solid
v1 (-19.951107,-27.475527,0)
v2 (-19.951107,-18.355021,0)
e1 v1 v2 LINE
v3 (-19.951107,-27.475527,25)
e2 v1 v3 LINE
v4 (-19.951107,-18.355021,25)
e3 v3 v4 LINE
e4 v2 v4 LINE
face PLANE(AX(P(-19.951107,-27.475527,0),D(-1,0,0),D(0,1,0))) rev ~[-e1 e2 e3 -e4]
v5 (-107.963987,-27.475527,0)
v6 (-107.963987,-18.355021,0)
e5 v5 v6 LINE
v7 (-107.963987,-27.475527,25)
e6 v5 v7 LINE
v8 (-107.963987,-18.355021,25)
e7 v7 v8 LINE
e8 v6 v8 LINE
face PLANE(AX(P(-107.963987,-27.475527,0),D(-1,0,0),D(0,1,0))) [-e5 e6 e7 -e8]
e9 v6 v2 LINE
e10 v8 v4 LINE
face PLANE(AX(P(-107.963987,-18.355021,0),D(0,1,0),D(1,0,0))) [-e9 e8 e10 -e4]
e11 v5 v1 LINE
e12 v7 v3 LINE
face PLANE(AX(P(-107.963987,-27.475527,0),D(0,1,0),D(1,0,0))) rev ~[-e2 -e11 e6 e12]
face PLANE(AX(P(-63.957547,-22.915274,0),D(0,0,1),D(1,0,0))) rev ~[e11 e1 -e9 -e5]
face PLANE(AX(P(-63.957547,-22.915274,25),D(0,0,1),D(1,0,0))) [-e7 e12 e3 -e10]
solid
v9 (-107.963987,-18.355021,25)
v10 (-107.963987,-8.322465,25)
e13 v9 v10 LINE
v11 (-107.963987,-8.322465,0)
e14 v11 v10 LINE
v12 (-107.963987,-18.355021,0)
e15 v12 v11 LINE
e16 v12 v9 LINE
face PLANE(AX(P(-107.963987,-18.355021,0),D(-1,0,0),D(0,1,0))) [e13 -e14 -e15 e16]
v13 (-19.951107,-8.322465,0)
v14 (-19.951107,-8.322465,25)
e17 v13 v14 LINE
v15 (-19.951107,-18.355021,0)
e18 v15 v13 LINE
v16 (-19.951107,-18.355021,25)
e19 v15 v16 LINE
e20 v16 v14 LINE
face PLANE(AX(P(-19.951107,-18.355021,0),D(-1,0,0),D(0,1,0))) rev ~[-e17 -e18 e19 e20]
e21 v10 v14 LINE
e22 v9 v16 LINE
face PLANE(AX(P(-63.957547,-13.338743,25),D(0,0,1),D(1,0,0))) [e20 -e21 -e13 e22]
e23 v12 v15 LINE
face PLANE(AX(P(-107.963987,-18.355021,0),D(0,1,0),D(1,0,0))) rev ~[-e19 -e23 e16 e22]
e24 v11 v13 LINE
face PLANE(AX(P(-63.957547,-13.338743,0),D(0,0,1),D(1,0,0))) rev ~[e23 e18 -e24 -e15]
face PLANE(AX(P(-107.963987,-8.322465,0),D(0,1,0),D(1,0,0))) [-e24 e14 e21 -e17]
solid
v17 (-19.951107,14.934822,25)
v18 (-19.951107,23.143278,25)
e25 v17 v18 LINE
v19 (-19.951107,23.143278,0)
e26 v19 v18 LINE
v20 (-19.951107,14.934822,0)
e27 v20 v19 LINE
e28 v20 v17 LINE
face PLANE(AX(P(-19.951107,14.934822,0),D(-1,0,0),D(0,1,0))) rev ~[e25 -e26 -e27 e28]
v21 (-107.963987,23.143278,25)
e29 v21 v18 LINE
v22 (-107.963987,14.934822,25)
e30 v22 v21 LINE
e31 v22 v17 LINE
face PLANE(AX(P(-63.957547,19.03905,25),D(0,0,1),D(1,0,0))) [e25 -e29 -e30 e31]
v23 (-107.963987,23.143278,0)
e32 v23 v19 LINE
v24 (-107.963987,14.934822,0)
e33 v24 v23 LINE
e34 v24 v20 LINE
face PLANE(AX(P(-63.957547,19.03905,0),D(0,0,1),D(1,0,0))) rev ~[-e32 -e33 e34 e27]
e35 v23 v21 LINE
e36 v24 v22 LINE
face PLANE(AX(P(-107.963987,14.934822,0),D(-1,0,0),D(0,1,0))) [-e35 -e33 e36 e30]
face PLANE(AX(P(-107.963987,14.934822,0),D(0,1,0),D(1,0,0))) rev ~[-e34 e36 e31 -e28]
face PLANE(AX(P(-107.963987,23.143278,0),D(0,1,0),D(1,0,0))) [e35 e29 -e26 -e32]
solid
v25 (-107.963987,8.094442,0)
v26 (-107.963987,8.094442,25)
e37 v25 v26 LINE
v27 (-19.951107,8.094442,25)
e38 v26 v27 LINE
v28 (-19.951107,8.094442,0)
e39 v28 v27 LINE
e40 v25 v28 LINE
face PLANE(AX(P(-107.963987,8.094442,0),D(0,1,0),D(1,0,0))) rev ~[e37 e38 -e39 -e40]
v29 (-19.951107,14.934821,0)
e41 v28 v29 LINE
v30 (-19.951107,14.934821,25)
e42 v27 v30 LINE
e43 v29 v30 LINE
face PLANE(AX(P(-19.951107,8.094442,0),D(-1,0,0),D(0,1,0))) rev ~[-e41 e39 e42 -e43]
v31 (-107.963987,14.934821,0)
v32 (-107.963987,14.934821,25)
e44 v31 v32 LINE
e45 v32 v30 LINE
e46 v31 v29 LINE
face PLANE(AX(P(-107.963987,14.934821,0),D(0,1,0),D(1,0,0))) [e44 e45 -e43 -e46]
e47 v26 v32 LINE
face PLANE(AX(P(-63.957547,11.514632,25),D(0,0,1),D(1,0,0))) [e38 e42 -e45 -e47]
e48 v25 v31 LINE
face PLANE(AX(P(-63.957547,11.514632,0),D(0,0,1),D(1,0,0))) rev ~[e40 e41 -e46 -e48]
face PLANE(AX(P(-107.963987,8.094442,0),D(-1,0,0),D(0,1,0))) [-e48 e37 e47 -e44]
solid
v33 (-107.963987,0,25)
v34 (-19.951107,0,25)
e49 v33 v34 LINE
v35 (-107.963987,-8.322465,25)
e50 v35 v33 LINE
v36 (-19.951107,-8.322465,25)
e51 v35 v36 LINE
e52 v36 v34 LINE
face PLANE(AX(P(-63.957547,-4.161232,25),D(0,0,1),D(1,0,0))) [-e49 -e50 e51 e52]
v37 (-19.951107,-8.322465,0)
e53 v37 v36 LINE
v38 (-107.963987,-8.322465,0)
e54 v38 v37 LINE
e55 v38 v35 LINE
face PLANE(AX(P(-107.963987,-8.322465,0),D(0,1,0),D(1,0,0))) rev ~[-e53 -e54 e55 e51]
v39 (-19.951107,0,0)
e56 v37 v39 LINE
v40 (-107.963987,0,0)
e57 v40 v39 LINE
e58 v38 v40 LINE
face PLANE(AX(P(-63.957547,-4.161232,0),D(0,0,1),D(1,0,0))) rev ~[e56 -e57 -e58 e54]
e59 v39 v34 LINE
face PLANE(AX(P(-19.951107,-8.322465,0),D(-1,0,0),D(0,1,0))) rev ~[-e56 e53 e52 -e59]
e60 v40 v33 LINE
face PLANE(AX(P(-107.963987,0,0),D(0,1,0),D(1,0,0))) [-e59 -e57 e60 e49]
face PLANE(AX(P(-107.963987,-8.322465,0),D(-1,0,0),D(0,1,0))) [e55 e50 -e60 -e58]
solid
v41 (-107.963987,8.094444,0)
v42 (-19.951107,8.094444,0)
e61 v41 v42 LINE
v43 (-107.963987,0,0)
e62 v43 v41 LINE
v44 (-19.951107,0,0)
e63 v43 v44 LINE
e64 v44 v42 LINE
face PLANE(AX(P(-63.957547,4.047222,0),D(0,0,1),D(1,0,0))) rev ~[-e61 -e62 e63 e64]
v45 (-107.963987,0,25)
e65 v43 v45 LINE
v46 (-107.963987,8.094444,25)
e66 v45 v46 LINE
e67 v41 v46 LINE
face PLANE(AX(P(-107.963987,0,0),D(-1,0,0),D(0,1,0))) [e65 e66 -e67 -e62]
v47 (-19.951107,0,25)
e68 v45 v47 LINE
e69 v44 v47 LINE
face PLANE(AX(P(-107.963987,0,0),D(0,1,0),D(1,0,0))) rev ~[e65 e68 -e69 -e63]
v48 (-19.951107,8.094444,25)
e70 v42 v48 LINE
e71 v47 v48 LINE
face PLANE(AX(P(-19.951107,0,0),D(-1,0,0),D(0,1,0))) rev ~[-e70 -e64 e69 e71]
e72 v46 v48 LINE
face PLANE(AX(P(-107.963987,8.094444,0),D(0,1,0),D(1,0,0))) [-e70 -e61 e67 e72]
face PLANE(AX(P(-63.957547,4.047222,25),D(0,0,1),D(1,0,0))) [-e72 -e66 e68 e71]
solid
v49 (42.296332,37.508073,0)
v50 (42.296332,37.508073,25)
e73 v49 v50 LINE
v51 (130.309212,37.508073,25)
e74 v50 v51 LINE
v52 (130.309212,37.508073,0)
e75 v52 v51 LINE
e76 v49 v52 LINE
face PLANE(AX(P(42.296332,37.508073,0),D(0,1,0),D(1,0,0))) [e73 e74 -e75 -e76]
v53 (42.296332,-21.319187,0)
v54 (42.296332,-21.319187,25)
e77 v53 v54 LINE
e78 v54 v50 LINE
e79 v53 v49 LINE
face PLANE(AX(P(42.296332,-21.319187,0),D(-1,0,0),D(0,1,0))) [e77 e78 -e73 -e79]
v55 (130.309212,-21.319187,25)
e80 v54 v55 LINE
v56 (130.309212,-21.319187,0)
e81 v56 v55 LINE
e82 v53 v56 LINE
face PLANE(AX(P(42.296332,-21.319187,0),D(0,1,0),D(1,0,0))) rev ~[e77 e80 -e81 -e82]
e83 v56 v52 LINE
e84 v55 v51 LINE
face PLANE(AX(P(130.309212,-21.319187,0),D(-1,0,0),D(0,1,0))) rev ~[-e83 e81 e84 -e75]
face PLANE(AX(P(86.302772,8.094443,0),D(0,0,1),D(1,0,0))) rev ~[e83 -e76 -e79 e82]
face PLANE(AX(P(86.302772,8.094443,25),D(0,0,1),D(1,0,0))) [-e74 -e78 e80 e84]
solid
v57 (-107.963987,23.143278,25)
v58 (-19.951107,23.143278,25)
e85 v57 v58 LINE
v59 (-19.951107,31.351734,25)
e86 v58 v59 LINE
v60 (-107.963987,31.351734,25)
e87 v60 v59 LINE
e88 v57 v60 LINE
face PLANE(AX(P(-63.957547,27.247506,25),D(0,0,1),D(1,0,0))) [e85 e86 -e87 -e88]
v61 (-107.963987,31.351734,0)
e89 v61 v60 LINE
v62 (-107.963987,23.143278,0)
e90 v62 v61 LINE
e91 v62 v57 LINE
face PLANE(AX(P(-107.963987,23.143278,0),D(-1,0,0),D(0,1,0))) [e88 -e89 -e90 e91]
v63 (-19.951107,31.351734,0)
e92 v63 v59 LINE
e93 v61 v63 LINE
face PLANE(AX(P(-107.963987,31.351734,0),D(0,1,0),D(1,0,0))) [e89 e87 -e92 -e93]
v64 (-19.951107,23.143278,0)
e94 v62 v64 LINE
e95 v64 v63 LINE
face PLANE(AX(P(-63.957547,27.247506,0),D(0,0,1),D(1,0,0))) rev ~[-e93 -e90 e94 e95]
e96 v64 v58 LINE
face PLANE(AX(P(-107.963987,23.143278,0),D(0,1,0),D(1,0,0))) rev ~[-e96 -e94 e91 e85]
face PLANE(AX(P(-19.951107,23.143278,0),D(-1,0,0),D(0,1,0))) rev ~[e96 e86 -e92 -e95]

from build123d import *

# Parameters (mm, degrees)
F0_W     = 88.01288
F0_H     = 58.82726
F1_DEPTH = 25
F0_H_2   = 8.208456
F2_DEPTH = 25
F3_DEPTH = 25
F0_H_3   = 6.840379
F4_DEPTH = 25
F0_H_4   = 8.094443
F5_DEPTH = 25
F0_H_5   = 8.322465
F6_DEPTH = 25
F0_H_6   = 10.032556
F7_DEPTH = 25
F0_H_7   = 9.120506
F8_DEPTH = 25


with BuildPart() as f1:
    # F0 (on Top) → F1 (new body)
    with BuildSketch(Plane.XY):
        with Locations((86.302772, 8.094443)):
            Rectangle(F0_W, F0_H)
    extrude(amount=F1_DEPTH)


with BuildPart() as f2:
    # F0 (on Top) → F2 (new body)
    with BuildSketch(Plane.XY):
        with Locations((-63.957547, 27.247506)):
            Rectangle(F0_W, F0_H_2)
    extrude(amount=F2_DEPTH)


with BuildPart() as f3:
    # F0 (on Top) → F3 (new body)
    with BuildSketch(Plane.XY):
        with Locations((-63.957547, 19.03905)):
            Rectangle(F0_W, F0_H_2)
    extrude(amount=F3_DEPTH)


with BuildPart() as f4:
    # F0 (on Top) → F4 (new body)
    with BuildSketch(Plane.XY):
        with Locations((-63.957547, 11.514632)):
            Rectangle(F0_W, F0_H_3)
    extrude(amount=F4_DEPTH)


with BuildPart() as f5:
    # F0 (on Top) → F5 (new body)
    with BuildSketch(Plane.XY):
        with Locations((-63.957547, 4.047222)):
            Rectangle(F0_W, F0_H_4)
    extrude(amount=F5_DEPTH)


with BuildPart() as f6:
    # F0 (on Top) → F6 (new body)
    with BuildSketch(Plane.XY):
        with Locations((-63.957547, -4.161232)):
            Rectangle(F0_W, F0_H_5)
    extrude(amount=F6_DEPTH)


with BuildPart() as f7:
    # F0 (on Top) → F7 (new body)
    with BuildSketch(Plane.XY):
        with Locations((-63.957547, -13.338743)):
            Rectangle(F0_W, F0_H_6)
    extrude(amount=F7_DEPTH)


with BuildPart() as f8:
    # F0 (on Top) → F8 (new body)
    with BuildSketch(Plane.XY):
        with Locations((-63.957547, -22.915274)):
            Rectangle(F0_W, F0_H_7)
    extrude(amount=F8_DEPTH)


solid = Compound([f1.part, f2.part, f3.part, f4.part, f5.part, f6.part, f7.part, f8.part])
